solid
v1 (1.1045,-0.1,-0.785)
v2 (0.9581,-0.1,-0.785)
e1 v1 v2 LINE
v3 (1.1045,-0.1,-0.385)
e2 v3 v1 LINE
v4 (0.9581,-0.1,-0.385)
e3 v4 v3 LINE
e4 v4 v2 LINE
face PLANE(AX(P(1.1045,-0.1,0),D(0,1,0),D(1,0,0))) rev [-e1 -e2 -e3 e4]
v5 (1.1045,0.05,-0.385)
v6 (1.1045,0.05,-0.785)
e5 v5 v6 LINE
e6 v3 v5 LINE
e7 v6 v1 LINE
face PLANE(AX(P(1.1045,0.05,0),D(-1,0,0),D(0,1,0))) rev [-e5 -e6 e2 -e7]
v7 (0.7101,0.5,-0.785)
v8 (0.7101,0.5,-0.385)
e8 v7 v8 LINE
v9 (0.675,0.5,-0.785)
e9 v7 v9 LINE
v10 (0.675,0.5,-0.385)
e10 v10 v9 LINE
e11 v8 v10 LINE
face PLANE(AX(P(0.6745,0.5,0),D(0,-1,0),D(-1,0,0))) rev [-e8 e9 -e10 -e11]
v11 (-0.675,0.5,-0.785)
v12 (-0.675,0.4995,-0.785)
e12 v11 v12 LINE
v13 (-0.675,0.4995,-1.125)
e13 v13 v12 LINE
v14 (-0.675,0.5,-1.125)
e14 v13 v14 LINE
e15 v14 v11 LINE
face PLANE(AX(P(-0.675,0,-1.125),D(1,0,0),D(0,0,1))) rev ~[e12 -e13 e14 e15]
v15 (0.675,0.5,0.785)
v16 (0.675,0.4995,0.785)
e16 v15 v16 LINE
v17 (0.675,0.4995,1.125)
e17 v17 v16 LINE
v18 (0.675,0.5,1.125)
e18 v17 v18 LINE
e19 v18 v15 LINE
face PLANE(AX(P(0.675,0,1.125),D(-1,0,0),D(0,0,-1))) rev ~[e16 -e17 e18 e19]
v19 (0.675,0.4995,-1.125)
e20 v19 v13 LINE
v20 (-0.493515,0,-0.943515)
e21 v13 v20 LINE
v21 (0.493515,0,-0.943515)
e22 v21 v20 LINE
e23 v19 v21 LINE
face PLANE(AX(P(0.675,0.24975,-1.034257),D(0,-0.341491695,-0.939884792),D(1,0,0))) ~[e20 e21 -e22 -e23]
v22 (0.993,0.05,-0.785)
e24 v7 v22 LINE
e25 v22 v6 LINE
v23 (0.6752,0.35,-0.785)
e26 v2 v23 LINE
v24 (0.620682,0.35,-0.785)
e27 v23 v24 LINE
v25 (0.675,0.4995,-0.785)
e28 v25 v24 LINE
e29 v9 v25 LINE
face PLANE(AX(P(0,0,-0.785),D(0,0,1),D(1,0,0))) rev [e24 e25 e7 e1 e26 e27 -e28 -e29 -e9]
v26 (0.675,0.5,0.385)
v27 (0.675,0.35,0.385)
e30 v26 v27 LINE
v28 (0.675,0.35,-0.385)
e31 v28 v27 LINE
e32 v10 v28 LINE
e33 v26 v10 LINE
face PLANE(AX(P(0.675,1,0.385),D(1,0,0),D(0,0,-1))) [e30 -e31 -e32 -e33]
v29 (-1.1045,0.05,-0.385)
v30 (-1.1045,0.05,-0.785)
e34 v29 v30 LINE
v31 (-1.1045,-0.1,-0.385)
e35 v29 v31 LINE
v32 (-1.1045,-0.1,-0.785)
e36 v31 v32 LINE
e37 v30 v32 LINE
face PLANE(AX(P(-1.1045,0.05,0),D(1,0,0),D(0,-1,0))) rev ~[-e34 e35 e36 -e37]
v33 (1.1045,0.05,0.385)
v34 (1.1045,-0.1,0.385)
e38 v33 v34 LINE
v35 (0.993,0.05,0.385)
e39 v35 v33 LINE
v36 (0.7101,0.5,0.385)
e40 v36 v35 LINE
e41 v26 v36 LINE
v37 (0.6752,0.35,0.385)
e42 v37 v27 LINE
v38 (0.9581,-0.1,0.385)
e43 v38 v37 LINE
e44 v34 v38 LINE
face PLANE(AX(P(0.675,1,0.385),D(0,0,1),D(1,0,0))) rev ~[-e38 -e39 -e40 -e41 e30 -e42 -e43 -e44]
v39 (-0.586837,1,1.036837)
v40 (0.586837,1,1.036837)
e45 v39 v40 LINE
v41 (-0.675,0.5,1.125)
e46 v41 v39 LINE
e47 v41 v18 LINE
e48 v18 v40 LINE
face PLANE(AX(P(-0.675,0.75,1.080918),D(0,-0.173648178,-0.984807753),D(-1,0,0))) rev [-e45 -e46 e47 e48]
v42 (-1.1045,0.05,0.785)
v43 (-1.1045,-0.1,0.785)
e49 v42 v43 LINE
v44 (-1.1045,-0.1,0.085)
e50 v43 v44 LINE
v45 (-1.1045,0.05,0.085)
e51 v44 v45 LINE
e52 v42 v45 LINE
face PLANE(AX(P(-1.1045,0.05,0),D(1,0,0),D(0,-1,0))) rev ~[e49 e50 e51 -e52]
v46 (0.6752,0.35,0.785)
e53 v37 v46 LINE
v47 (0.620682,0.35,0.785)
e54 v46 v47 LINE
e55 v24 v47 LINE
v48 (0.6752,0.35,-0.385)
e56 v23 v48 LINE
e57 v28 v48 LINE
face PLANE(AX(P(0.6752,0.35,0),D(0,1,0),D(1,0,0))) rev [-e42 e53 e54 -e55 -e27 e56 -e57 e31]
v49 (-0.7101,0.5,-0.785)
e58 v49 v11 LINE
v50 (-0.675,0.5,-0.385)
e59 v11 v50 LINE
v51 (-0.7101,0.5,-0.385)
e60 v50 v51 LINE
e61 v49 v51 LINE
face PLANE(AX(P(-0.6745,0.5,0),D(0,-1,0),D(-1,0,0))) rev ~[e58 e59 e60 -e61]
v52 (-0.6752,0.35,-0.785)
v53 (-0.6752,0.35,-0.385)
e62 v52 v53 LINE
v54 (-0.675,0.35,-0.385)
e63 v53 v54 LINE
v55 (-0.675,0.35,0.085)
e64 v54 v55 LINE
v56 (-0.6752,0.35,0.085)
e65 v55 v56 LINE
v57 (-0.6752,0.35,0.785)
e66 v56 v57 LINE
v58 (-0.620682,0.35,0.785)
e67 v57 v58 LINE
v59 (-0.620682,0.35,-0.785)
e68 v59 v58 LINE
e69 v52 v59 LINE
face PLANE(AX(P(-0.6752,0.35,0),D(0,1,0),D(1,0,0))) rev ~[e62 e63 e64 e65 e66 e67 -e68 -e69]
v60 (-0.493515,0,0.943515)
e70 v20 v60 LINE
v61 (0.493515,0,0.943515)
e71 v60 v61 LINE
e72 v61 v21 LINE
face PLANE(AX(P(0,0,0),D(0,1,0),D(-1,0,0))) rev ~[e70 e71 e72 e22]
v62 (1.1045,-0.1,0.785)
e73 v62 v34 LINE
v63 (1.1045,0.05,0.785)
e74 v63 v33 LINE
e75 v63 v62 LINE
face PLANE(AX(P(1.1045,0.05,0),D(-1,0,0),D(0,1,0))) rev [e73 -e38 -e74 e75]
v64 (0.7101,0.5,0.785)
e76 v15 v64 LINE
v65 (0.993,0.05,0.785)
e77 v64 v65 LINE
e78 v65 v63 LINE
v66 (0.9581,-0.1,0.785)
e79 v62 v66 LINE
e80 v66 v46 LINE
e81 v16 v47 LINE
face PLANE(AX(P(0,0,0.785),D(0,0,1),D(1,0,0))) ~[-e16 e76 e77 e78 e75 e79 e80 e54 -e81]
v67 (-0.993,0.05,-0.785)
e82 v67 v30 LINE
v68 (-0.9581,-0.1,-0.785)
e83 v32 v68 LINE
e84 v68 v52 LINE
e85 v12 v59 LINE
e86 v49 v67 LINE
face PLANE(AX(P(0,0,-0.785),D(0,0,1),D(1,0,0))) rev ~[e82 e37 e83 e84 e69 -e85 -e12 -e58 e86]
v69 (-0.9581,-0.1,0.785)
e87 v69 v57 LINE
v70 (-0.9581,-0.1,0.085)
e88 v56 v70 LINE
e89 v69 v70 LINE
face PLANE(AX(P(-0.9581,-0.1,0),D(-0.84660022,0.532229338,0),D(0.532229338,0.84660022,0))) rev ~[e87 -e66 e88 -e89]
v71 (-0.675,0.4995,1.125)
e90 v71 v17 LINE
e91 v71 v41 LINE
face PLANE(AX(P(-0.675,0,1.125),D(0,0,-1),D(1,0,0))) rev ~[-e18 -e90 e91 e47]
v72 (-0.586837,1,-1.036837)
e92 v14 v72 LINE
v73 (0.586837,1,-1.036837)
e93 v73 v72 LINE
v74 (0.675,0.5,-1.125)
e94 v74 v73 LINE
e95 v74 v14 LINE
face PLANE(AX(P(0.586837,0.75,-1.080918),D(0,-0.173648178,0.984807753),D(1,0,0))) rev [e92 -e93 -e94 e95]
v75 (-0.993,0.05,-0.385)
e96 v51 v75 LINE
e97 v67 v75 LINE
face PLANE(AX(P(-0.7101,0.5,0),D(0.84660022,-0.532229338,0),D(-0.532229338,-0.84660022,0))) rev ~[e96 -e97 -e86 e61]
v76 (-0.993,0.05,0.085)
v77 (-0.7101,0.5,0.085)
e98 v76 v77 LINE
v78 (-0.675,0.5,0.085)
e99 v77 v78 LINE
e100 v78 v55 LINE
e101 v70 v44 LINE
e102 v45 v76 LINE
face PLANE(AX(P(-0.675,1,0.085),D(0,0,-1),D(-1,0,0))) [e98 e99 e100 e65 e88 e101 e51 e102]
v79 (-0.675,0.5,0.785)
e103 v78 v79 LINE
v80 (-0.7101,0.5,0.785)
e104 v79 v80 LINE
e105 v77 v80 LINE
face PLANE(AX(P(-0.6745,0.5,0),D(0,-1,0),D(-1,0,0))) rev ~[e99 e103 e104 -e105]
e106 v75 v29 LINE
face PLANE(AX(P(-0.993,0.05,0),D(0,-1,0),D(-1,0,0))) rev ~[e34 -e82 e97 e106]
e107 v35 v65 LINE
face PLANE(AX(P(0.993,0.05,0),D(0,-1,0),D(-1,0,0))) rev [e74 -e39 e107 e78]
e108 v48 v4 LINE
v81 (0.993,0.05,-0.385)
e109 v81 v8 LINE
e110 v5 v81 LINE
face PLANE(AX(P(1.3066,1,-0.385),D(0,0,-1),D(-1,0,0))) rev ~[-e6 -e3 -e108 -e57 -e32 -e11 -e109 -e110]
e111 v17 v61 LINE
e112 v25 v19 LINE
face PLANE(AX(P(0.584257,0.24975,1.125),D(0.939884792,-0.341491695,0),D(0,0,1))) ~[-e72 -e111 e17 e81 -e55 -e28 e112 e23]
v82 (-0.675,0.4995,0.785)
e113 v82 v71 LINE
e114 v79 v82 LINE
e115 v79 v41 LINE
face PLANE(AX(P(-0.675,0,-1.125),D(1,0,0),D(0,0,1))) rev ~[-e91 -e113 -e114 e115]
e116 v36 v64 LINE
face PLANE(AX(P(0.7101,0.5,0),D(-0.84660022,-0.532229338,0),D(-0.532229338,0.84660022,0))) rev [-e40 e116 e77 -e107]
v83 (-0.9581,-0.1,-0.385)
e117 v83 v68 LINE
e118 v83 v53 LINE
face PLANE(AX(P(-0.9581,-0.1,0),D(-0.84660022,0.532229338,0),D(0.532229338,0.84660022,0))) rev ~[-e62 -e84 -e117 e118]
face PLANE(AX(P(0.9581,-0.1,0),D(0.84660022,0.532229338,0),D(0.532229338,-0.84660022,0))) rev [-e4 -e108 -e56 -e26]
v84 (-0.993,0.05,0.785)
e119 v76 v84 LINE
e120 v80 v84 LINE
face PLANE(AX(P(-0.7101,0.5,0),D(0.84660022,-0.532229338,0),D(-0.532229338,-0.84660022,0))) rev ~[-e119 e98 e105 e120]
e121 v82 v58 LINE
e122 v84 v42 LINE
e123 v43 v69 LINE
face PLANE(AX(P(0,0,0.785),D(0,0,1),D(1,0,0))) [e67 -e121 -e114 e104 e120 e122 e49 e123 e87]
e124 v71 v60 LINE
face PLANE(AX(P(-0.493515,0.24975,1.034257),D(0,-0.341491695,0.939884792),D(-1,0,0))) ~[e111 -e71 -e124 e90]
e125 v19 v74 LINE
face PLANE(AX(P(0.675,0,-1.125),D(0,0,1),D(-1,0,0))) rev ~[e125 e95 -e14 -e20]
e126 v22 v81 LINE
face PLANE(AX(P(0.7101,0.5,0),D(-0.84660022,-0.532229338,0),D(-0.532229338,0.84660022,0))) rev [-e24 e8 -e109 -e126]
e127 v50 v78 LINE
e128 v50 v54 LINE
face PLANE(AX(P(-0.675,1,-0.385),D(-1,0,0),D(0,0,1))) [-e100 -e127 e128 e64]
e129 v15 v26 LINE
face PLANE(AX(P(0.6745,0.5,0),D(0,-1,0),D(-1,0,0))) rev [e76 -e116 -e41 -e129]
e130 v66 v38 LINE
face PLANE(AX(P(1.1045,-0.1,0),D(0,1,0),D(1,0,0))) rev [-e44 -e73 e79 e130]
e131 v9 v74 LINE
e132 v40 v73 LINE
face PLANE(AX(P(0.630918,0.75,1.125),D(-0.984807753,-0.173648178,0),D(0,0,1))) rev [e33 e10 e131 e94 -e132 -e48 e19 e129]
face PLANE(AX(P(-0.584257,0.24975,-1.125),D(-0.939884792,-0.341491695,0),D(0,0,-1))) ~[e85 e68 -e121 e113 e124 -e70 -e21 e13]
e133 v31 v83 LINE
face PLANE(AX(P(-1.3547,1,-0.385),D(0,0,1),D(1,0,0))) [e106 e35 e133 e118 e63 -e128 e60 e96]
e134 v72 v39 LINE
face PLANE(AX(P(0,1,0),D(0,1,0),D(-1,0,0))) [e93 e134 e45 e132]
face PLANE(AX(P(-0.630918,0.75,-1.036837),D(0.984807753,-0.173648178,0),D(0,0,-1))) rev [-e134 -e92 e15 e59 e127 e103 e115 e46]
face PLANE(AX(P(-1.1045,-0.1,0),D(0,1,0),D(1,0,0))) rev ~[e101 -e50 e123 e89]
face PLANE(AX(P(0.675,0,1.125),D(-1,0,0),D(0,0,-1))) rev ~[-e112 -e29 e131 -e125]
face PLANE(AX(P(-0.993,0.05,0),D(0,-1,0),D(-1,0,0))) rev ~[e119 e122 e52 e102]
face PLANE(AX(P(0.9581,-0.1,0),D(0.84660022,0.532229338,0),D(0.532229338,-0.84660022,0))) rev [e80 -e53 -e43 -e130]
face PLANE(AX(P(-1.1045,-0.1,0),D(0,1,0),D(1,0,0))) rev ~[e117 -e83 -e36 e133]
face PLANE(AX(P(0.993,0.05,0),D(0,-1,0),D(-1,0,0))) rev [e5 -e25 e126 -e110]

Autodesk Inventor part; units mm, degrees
ref_plane "YZ Plane" through (0, 0, 0) normal (1, 0, 0) x (0, 1, 0)
ref_plane "XZ Plane" through (0, 0, 0) normal (0, 1, 0) x (-1, 0, 0)
ref_plane "XY Plane" through (0, 0, 0) normal (0, 0, 1) x (1, 0, 0)
sketch "Sketch1" plane through (0, 0, 0) normal (0, 1, 0) x (-1, 0, 0)
  line L0 (0.675, 1.125) -> (-0.675, 1.125)
  line L1 (-0.675, 1.125) -> (-0.675, -1.125)
  line L2 (-0.675, -1.125) -> (0.675, -1.125)
  line L3 (0.675, -1.125) -> (0.675, 1.125)
  point P0 (0, 0)
  dimension "d0" = 1.35
  dimension "d1" = 0.675
  dimension "d2" = 2.25
  dimension "d3" = 1.125
extrude "Extrusion1" add sketch "Sketch1" along normal blind 1
chamfer "Chamfer1" distance 0.5 angle 10 1 edges at (0.675, 1, 0) measured on face at (0.675, 0.3333, 0.375)
chamfer "Chamfer2" distance 0.5 angle 10 1 edges at (-0.0441, 1, 1.125) measured on face at (-0.225, 0.5, 1.125)
chamfer "Chamfer3" distance 0.5 angle 10 1 edges at (-0.0441, 1, -1.125) measured on face at (-0.225, 0.5, -1.125)
chamfer "Chamfer4" distance 0.5 angle 10 1 edges at (-0.675, 1, 0) measured on face at (-0.675, 0.1667, -0.375)
chamfer "Chamfer5" distance 0.5 angle 20 1 edges at (-0.675, 0, 0) measured on face at (-0.675, 0.3333, 0.375)
chamfer "Chamfer6" distance 0.5 angle 20 1 edges at (0.0907, 0, -1.125) measured on face at (-0.1645, 0.3332, -1.125)
chamfer "Chamfer7" distance 0.5 angle 20 1 edges at (0.675, 0, 0.0907) measured on face at (0.675, 0.3333, -0.3145)
chamfer "Chamfer8" distance 0.5 angle 20 1 edges at (0, 0, 1.125) measured on face at (0.1645, 0.333, 1.125)
sketch "Sketch2" plane through (0, 0, 0) normal (0, 0, 1) x (1, 0, 0)
  line L0 (-0.6745, 0.5) -> (-0.7101, 0.5)
  line L1 (-0.7101, 0.5) -> (-0.993, 0.05)
  line L2 (-0.993, 0.05) -> (-1.1045, 0.05)
  line L3 (-1.1045, 0.05) -> (-1.1045, -0.1)
  line L4 (-1.1045, -0.1) -> (-0.9581, -0.1)
  line L5 (-0.9581, -0.1) -> (-0.6752, 0.35)
  line L6 (-0.6752, 0.35) -> (-0.6745, 0.35)
  line L7 (-0.6745, 0.35) -> (-0.6745, 0.5)
  line L8 (-0.493, 0) -> (0.493, 0) projected
  line L9 (-0.6745, 0.35) -> (-0.5079, 0.35)
  line L10 (-0.5079, 0.35) -> (-0.5079, 0.5)
  line L11 (-0.5079, 0.5) -> (-0.6745, 0.5)
  line L12 (-0.6745, 0.5) -> (-0.6745, 0.35)
  point P0 (0, 0)
  dimension "d30" = 0.15
  dimension "d31" = 0.15
  dimension "d32" = 0.1
  dimension "d33" = 0.43
  dimension "d34" = 0.5
extrude "Extrusion2" add sketch "Sketch2" along normal mid plane 1.57
mirror "Mirror1" about plane through (0, 0, 0) normal (1, 0, 0) of "Extrusion2"
sketch "Sketch3" plane through (0, 1, 0) normal (0, 1, 0) x (1, 0, 0)
  line L0 (0.675, -0.785) -> (0.675, 0.785) projected
  line L1 (1.3066, 0.385) -> (0.675, 0.385)
  line L2 (0.675, 0.385) -> (0.675, -0.385)
  line L3 (0.675, -0.385) -> (1.3066, -0.385)
  line L4 (1.3066, -0.385) -> (1.3066, 0.385)
  line L5 (-0.675, 0.785) -> (-0.675, -0.785) projected
  line L6 (-0.675, -0.085) -> (-1.3547, -0.085)
  line L7 (-1.3547, -0.085) -> (-1.3547, 0.385)
  line L8 (-1.3547, 0.385) -> (-0.675, 0.385)
  line L9 (-0.675, 0.385) -> (-0.675, -0.085)
  line L10 (-0.993, 0.785) -> (-0.7101, 0.785) projected
  point P0 (0, 0)
  dimension "d38" = 0.77
  dimension "d39" = 0.385
  dimension "d40" = 0.47
  dimension "d41" = 0.4
extrude "Extrusion3" cut sketch "Sketch3" against normal blind 1.57
properties part number "MC_MMM1362"
